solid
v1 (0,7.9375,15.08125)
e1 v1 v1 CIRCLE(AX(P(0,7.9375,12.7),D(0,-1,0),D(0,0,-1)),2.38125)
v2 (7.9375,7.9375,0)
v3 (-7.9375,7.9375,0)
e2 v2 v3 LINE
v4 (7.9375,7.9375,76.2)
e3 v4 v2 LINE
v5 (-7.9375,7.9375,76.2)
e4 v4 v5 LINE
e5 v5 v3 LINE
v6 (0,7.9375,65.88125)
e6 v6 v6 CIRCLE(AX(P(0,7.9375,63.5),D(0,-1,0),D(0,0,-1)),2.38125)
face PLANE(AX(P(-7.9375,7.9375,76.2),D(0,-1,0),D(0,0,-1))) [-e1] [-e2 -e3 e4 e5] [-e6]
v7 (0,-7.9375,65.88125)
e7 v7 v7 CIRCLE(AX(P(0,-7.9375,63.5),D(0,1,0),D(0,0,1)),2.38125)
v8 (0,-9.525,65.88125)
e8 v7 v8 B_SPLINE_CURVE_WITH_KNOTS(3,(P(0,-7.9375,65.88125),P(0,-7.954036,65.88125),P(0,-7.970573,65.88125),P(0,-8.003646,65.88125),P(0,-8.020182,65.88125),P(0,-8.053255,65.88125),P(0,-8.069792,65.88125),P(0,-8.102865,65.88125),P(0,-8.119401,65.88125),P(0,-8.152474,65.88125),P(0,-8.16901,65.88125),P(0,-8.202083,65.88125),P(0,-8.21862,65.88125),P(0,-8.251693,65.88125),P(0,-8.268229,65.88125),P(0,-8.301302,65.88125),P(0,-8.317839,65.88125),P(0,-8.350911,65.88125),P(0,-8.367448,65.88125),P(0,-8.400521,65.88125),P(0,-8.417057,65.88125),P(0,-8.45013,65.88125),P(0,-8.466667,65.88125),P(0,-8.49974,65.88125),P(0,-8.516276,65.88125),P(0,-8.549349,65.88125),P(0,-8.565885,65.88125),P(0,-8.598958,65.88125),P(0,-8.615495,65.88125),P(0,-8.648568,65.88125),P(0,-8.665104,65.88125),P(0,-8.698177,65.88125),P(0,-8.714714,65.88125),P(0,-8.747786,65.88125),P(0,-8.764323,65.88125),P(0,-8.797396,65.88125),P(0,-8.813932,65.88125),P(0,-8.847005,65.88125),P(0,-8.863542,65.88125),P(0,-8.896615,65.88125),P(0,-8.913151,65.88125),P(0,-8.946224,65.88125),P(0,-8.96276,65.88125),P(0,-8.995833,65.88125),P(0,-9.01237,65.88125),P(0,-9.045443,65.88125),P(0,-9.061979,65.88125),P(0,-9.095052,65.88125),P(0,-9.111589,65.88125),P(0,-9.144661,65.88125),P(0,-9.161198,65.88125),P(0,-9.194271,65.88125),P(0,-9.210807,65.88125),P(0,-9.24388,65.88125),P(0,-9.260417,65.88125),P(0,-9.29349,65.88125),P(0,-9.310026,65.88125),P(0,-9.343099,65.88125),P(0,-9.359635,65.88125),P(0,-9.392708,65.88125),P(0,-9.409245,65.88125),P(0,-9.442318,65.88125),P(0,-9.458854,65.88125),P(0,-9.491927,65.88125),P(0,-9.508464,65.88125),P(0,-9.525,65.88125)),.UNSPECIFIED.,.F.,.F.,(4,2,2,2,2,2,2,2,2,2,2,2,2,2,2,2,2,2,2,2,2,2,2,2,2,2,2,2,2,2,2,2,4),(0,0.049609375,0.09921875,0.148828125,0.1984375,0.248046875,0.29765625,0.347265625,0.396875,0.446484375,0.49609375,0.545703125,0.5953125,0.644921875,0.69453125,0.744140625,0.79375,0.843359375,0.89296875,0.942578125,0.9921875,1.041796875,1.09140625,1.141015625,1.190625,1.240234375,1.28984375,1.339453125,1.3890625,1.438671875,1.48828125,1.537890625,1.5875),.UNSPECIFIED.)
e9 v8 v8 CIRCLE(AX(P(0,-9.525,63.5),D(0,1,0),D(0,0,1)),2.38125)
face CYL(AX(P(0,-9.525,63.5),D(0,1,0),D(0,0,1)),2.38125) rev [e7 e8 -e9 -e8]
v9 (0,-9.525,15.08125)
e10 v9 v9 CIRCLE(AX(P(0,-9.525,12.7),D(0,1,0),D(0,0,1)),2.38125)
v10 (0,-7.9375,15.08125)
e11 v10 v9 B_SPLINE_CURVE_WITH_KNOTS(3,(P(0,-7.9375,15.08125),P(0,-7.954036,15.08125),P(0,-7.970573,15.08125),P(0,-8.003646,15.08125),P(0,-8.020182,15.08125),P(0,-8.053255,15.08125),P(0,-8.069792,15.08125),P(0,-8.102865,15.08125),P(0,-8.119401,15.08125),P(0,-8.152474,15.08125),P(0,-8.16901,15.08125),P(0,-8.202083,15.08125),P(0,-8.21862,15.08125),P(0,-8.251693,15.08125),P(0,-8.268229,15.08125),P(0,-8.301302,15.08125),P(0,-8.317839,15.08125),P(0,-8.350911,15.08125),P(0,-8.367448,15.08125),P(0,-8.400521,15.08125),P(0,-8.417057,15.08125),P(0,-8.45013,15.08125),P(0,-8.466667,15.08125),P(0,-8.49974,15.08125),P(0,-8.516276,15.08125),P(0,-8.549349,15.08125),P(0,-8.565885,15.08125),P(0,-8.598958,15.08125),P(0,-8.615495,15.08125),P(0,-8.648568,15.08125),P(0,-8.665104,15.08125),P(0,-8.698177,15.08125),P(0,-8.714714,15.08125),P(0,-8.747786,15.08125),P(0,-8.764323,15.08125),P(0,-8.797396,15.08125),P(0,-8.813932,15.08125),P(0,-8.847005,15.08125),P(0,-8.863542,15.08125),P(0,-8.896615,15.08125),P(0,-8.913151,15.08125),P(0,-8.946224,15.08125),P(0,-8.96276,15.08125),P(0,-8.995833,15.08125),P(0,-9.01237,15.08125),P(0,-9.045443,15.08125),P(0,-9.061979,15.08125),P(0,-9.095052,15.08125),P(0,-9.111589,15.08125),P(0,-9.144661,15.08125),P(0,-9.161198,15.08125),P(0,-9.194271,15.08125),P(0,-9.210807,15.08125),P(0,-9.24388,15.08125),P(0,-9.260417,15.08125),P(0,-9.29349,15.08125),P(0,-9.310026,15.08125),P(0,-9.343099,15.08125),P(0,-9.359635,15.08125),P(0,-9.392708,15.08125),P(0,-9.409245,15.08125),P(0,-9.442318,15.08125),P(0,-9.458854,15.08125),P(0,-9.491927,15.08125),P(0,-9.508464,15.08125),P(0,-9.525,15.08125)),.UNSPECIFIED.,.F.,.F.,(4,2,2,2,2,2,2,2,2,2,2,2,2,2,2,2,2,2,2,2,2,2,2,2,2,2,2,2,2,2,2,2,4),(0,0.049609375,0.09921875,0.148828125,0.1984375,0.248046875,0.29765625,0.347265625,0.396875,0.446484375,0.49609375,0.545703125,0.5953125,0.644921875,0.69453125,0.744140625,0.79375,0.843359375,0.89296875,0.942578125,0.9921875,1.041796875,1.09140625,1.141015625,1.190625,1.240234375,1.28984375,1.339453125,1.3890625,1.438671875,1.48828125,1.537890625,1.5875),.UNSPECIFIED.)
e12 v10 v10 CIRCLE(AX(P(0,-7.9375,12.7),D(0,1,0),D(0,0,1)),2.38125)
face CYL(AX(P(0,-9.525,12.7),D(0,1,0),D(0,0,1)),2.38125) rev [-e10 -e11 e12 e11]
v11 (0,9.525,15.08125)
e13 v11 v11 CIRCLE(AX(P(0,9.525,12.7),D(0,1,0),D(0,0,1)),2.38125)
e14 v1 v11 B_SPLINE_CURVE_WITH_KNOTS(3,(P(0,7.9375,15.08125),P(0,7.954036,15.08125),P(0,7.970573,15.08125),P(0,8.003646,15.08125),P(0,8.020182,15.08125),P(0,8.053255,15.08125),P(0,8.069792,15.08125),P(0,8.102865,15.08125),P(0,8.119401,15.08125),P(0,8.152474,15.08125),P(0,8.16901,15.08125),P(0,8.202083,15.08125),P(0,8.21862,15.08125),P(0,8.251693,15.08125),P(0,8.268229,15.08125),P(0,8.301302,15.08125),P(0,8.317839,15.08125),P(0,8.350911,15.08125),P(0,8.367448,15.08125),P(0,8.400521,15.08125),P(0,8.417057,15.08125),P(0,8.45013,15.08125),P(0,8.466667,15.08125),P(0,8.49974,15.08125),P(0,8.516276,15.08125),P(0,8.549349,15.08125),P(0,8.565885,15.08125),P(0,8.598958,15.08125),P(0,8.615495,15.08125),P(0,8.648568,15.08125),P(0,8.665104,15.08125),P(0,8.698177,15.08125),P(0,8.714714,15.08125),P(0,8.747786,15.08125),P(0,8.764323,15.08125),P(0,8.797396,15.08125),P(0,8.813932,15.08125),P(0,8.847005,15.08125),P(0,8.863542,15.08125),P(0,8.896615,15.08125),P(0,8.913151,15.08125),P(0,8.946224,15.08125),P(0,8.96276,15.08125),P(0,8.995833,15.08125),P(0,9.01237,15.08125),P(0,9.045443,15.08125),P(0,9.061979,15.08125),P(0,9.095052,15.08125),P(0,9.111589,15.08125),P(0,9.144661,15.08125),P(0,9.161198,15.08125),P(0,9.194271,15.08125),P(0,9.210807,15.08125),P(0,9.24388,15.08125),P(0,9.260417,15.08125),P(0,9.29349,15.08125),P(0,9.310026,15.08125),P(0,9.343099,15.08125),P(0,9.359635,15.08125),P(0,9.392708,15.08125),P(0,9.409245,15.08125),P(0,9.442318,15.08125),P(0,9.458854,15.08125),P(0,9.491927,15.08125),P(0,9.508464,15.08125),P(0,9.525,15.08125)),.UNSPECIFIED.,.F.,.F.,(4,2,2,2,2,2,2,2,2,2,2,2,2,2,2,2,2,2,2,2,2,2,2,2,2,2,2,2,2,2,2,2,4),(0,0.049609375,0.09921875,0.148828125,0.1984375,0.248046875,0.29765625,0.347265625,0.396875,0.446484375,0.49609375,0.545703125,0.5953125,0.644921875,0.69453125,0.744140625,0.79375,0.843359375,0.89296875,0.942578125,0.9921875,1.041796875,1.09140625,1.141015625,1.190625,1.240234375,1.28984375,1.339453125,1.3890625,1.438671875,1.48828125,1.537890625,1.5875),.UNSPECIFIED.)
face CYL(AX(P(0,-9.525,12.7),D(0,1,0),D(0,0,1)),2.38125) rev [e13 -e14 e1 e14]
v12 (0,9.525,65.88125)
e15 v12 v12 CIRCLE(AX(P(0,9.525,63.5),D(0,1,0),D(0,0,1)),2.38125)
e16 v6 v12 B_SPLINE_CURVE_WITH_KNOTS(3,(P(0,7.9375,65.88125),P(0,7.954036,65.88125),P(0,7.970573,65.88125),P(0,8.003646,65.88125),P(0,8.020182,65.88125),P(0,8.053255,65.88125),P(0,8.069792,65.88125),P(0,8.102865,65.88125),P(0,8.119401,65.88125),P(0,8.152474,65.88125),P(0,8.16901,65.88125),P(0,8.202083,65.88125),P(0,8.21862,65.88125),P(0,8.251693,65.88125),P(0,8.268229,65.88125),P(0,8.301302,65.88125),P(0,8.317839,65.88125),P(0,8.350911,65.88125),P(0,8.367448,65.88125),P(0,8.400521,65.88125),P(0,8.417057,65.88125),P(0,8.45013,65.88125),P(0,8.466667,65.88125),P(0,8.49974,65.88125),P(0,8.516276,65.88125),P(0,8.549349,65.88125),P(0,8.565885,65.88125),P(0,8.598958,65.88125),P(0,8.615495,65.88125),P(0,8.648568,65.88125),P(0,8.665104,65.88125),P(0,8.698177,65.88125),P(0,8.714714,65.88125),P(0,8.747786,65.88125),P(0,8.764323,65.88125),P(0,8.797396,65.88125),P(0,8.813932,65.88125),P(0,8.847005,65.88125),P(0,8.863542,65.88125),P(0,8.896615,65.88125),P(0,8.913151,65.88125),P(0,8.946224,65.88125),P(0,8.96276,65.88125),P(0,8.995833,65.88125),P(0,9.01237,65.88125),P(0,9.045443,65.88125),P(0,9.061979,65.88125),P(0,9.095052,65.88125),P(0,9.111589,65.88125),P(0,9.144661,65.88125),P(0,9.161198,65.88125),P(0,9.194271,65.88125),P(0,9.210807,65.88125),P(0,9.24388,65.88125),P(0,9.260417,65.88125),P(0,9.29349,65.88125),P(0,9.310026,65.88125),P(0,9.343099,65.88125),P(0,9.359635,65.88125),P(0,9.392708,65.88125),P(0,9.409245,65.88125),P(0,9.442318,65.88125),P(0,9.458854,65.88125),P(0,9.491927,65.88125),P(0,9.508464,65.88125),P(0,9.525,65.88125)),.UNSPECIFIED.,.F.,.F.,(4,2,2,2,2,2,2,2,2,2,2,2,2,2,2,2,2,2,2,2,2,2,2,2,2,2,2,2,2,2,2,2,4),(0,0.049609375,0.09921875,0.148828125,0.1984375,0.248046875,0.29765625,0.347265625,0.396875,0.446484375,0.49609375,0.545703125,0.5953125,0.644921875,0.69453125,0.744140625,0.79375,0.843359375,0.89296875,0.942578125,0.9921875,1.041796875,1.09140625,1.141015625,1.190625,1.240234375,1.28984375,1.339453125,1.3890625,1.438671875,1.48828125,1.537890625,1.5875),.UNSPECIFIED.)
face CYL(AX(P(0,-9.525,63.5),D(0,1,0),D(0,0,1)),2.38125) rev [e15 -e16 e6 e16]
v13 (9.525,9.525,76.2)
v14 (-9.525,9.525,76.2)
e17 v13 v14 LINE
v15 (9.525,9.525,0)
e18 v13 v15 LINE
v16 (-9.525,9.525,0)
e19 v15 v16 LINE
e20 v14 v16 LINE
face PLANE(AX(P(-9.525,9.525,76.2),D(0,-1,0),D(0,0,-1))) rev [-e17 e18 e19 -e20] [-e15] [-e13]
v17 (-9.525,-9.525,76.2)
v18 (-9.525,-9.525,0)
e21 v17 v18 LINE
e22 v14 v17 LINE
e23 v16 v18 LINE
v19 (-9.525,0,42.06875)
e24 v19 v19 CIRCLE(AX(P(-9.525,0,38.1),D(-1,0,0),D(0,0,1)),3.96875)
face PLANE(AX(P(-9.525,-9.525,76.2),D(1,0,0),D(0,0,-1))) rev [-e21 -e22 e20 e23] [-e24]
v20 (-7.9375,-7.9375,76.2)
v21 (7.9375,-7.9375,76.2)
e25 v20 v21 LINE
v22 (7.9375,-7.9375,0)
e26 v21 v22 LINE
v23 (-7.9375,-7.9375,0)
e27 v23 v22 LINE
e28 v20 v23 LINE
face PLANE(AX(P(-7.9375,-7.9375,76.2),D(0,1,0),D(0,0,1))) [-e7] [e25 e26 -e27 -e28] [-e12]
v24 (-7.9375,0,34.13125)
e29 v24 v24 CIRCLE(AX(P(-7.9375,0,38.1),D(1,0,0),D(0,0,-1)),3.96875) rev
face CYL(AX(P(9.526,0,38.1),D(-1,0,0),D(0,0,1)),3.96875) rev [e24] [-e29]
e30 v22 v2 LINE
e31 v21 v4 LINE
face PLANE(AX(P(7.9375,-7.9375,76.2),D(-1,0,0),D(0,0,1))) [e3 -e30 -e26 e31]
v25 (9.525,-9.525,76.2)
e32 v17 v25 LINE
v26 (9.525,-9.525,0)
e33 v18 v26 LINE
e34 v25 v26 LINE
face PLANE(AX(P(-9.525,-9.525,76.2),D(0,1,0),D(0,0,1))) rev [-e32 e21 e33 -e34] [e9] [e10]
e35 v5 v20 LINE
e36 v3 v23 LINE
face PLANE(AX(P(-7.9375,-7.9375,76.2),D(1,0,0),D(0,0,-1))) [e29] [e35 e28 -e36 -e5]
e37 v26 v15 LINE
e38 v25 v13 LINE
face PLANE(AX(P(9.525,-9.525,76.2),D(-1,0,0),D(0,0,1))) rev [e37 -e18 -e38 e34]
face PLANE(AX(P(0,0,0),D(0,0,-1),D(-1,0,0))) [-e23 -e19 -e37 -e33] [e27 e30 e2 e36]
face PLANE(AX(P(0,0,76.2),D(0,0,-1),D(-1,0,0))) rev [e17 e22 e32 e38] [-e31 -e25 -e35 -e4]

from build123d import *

# Parameters (mm, degrees)
SKETCH1_W               = 19.05
SKETCH1_H               = 19.05
SKETCH1_W_2             = 15.875
SKETCH1_H_2             = 15.875
BOSS_EXTRUDE1_DEPTH     = 76.2
CUT_EXTRUDE1_DEPTH      = 78.381465804
CUT_EXTRUDE1_DEPTH_BACK = 78.381465804
SKETCH2_R               = 2.38125
CUT_EXTRUDE2_REACH      = 81.121
SKETCH3_R               = 3.96875


with BuildPart() as part:
    # Sketch1 → Boss-Extrude1 (new body)
    with BuildSketch(Plane.XY):
        Rectangle(SKETCH1_W, SKETCH1_H)
        Rectangle(SKETCH1_W_2, SKETCH1_H_2, mode=Mode.SUBTRACT)
    extrude(amount=BOSS_EXTRUDE1_DEPTH)

    # Sketch2 → Cut-Extrude1 (cut, two sides: drawn at the far end of the back side and taken through both)
    with BuildSketch(Plane(origin=(0, 0, 0), x_dir=(1, 0, 0), z_dir=(0, 1, 0)).offset(-CUT_EXTRUDE1_DEPTH_BACK)):
        with Locations(Location((0, -12.7, 0), (0, 0, 270))):
            Circle(SKETCH2_R)
        with Locations(Location((0, -63.5, 0), (0, 0, 270))):
            Circle(SKETCH2_R)
    extrude(amount=CUT_EXTRUDE1_DEPTH + CUT_EXTRUDE1_DEPTH_BACK, mode=Mode.SUBTRACT)

    # Sketch3 → Cut-Extrude2 (cut, up to next)
    with BuildSketch(Plane.ZY.offset(9.525), mode=Mode.PRIVATE) as cut_extrude2_sk1:
        with Locations((38.1, 0)):
            Circle(SKETCH3_R)
    cut_extrude2_tool1 = extrude(cut_extrude2_sk1.sketch, amount=-CUT_EXTRUDE2_REACH, mode=Mode.PRIVATE) & part.part
    add(cut_extrude2_tool1.solids().sort_by_distance((-9.525, 0, 38.1))[0], mode=Mode.SUBTRACT)


solid = part.part
